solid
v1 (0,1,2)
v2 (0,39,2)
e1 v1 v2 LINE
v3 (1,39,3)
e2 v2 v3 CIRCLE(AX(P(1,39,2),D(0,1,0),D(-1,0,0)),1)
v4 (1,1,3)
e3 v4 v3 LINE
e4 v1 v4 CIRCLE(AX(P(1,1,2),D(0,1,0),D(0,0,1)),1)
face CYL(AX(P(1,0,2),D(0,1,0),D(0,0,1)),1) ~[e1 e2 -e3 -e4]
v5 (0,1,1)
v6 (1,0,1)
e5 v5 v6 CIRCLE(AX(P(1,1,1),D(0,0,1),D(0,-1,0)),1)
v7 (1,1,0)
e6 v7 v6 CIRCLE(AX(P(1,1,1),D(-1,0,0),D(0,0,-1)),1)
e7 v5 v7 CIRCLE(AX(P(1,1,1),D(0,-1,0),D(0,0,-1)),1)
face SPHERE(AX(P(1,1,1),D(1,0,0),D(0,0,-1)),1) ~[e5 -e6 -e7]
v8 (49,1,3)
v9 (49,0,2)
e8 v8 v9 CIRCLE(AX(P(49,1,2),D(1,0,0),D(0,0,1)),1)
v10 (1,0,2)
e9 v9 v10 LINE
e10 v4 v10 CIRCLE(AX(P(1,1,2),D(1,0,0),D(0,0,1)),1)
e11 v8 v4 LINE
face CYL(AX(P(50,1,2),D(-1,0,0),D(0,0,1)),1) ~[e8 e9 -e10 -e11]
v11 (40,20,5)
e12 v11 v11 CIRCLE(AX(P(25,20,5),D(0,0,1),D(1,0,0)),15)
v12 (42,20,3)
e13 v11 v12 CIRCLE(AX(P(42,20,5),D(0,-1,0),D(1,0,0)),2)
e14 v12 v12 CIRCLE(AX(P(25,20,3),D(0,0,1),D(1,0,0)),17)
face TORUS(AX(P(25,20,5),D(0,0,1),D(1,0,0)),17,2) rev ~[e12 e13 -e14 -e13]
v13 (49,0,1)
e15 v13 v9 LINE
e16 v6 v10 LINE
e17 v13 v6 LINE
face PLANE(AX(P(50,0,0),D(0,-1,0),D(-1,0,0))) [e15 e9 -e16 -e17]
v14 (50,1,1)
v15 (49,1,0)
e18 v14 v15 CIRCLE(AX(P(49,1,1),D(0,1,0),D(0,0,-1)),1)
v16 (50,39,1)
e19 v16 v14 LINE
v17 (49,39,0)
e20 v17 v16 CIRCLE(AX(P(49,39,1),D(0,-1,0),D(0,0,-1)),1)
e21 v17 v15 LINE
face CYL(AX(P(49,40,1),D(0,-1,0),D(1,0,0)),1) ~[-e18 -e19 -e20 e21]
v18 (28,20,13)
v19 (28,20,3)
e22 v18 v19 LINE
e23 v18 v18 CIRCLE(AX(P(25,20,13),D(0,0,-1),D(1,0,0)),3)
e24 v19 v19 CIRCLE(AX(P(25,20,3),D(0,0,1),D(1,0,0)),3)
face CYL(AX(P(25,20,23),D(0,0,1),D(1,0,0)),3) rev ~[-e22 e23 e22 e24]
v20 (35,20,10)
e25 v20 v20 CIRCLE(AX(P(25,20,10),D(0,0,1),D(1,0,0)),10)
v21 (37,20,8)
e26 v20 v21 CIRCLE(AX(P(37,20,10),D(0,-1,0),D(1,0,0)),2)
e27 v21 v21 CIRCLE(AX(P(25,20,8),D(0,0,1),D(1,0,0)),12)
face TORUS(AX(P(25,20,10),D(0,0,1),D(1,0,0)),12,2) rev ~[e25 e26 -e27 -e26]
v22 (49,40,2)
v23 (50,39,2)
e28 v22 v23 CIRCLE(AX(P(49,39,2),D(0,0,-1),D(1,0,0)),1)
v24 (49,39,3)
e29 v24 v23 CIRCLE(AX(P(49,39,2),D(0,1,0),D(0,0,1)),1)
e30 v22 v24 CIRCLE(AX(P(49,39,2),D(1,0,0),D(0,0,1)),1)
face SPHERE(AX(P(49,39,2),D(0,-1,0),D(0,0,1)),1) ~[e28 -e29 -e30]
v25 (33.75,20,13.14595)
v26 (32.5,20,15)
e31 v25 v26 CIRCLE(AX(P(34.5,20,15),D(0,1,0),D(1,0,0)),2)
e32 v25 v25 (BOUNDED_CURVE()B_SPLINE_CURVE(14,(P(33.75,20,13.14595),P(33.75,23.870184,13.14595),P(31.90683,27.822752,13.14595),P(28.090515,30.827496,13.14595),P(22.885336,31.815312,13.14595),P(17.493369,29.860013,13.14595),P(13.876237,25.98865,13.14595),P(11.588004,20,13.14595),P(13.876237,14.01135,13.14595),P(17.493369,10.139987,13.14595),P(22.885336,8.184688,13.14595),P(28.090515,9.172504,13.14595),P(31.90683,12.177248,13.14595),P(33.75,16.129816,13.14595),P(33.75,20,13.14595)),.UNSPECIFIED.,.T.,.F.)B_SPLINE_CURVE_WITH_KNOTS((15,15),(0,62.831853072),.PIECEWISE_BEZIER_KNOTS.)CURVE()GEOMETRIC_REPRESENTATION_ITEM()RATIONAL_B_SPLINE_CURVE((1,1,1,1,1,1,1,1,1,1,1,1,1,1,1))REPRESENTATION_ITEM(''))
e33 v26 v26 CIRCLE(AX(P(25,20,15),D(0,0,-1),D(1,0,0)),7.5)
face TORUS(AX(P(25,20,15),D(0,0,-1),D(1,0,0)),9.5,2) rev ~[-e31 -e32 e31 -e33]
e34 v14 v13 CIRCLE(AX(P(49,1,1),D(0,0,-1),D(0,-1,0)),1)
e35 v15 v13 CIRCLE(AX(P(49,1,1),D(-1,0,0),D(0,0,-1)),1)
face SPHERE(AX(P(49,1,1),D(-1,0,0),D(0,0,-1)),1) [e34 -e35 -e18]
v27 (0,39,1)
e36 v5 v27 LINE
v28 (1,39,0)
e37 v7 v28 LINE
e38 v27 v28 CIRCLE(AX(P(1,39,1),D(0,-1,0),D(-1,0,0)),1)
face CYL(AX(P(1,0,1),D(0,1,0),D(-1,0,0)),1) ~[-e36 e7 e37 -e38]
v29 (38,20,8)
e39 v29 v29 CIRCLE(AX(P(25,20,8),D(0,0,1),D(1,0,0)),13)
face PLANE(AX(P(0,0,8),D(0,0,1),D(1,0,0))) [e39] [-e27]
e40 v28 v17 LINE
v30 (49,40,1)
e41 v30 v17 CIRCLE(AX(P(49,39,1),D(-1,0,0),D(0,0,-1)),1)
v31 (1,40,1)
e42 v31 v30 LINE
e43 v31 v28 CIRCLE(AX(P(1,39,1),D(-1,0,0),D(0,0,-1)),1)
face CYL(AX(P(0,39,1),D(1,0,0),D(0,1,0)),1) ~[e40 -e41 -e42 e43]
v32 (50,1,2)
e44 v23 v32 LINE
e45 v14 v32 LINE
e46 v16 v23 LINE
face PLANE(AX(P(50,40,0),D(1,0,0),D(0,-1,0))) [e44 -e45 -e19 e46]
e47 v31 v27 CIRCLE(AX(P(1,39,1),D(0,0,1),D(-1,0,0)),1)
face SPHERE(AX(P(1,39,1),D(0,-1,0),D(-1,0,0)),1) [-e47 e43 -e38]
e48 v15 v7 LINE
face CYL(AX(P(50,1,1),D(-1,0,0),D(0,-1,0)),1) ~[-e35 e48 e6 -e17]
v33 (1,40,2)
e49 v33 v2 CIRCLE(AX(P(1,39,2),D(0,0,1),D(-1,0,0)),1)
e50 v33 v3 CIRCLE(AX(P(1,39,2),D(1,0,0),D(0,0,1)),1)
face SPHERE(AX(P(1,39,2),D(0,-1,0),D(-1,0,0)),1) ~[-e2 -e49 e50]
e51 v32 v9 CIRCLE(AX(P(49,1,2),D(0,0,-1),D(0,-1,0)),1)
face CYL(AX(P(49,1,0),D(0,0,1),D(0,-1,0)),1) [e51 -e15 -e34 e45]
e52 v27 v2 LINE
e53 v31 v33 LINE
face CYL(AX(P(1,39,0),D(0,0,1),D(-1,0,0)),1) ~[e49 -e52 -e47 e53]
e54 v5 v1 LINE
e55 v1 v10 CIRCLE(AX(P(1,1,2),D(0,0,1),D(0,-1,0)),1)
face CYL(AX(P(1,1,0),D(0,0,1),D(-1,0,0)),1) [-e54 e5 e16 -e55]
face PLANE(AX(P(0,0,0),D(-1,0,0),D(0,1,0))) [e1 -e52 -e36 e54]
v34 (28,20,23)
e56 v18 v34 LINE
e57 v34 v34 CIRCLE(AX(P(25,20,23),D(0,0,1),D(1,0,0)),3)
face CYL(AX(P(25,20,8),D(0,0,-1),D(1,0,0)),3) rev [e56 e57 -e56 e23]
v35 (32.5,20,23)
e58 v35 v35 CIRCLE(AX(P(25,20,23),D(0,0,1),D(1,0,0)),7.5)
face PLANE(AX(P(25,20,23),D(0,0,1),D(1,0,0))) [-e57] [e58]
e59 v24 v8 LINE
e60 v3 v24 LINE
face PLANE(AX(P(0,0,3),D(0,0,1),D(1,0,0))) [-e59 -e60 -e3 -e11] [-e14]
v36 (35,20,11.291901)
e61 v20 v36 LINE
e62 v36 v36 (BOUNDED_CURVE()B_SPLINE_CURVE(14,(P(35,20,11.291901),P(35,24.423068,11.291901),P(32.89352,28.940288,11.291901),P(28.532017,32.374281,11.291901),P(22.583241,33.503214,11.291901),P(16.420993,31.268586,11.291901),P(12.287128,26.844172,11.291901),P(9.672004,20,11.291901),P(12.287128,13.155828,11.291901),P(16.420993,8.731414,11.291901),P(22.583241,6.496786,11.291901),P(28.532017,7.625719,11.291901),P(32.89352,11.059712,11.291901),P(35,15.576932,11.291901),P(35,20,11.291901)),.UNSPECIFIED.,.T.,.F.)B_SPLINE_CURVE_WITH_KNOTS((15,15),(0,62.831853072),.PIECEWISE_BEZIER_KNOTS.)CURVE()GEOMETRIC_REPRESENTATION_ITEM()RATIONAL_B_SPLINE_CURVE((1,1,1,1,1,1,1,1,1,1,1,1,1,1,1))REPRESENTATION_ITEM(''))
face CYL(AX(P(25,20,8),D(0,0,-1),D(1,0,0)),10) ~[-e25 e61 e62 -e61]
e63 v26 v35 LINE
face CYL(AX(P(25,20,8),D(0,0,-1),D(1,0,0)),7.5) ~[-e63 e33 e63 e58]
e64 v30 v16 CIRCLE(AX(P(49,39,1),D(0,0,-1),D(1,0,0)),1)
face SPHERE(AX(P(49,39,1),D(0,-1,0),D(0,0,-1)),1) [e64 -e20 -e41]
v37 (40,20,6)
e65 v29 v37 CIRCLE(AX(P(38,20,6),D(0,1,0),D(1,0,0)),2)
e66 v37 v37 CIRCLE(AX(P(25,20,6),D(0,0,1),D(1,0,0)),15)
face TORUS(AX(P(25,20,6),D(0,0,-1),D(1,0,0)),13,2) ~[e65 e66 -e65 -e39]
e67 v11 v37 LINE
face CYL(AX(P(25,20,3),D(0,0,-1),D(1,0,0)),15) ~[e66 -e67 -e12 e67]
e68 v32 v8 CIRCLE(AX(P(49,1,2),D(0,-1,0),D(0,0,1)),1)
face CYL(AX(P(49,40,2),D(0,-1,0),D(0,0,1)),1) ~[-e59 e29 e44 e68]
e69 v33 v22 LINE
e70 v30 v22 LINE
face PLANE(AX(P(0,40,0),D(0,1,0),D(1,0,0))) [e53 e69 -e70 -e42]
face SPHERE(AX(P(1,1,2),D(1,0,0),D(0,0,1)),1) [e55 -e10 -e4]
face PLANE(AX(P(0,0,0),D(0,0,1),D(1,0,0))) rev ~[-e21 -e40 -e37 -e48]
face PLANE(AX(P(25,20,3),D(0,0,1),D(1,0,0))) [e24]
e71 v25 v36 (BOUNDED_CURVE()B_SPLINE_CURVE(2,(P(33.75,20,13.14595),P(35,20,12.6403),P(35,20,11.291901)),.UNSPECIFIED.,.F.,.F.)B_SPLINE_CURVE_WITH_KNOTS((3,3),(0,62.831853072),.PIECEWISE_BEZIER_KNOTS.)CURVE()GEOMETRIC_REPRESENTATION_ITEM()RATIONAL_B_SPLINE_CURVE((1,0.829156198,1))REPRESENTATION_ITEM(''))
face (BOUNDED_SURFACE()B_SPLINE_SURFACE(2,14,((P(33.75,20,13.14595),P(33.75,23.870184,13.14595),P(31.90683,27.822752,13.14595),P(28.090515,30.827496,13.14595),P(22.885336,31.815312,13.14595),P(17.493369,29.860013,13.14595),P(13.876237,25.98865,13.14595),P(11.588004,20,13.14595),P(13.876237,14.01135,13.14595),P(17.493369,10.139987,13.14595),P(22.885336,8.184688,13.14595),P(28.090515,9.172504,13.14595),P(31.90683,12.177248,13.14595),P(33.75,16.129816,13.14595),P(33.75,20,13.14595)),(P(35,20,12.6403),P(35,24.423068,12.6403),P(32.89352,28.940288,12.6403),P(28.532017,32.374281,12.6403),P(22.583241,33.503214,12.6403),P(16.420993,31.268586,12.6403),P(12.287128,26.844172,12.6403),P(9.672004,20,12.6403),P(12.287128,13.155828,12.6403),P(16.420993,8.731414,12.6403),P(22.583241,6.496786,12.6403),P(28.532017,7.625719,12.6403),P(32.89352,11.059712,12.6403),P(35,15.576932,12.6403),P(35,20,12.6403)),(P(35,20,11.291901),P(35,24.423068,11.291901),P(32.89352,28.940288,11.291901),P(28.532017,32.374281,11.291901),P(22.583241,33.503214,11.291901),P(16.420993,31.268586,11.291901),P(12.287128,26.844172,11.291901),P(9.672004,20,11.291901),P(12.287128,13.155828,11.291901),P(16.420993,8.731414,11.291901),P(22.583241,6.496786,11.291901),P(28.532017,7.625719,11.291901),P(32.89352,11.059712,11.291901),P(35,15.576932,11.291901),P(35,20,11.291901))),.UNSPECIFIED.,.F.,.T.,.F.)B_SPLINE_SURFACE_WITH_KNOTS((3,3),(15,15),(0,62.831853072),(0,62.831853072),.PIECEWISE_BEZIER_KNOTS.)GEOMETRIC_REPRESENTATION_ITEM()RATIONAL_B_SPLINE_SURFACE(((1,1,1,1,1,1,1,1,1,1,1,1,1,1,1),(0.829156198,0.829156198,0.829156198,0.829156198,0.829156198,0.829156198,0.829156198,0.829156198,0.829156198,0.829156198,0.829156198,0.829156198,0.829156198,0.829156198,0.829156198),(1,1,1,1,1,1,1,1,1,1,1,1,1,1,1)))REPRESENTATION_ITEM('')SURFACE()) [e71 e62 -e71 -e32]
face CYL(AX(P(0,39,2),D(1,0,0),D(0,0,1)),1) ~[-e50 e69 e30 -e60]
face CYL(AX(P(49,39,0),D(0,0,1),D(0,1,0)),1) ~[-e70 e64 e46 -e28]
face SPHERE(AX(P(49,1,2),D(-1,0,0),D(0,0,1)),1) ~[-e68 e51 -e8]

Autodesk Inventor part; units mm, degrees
ref_plane "YZ Plane" through (0, 0, 0) normal (1, 0, 0) x (0, 1, 0)
ref_plane "XZ Plane" through (0, 0, 0) normal (0, 1, 0) x (-1, 0, 0)
ref_plane "XY Plane" through (0, 0, 0) normal (0, 0, 1) x (1, 0, 0)
sketch "Boceto1" plane through (0, 0, 0) normal (0, 0, 1) x (1, 0, 0)
  line L0 (0, 0) -> (0, 40)
  line L1 (0, 40) -> (50, 40)
  line L2 (50, 40) -> (50, 0)
  line L3 (50, 0) -> (0, 0)
  dimension "d0" = 40
  dimension "d1" = 50
extrude "Extrusión1" add sketch "Boceto1" along normal blind 3
sketch "Boceto2" plane through (0, 0, 3) normal (0, 0, 1) x (1, 0, 0)
  line L0 (50, 40) -> (0, 40) projected
  line L1 (0, 0) -> (50, 0) projected
  circle A0 centre (25, 20) radius 15
  dimension "d4" = 30
extrude "Extrusión2" add sketch "Boceto2" along normal blind 5
sketch "Boceto3" plane through (25, 20, 8) normal (0, 0, 1) x (1, 0, 0)
  circle A0 centre (0, 0) radius 3
  circle A1 centre (0, 0) radius 7.5
  point P0 (-25, -20)
  dimension "d8" = 6
  dimension "d9" = 15
extrude "Extrusión3" add sketch "Boceto3" along normal blind 15
sketch "Boceto4" plane through (25, 20, 8) normal (0, 0, 1) x (1, 0, 0)
  circle A0 centre (0, 0) radius 10
  point P0 (-25, -20)
  dimension "d12" = 20
extrude "Extrusión4" add sketch "Boceto4" along normal blind 5
fillet "Empalme1" radius 2 5 edges at (17.5, 20, 13) (15, 20, 13) (15, 20, 8) (10, 20, 8) (10, 20, 3)
fillet "Empalme2" radius 1 12 edges at (25, 0, 3) (50, 20, 3) (25, 0, 0) (50, 20, 0) (50, 0, 1.5) (0, 20, 3) (0, 20, 0) (0, 40, 1.5) (25, 40, 0) (25, 40, 3) (0, 0, 1.5) (50, 40, 1.5)
sketch "Boceto5" plane through (25, 20, 23) normal (0, 0, 1) x (1, 0, 0)
  circle A0 centre (0, 0) radius 3
  point P0 (-25, -20)
extrude "Extrusión5" cut sketch "Boceto5" against normal blind 20
properties part number "antena_up"
